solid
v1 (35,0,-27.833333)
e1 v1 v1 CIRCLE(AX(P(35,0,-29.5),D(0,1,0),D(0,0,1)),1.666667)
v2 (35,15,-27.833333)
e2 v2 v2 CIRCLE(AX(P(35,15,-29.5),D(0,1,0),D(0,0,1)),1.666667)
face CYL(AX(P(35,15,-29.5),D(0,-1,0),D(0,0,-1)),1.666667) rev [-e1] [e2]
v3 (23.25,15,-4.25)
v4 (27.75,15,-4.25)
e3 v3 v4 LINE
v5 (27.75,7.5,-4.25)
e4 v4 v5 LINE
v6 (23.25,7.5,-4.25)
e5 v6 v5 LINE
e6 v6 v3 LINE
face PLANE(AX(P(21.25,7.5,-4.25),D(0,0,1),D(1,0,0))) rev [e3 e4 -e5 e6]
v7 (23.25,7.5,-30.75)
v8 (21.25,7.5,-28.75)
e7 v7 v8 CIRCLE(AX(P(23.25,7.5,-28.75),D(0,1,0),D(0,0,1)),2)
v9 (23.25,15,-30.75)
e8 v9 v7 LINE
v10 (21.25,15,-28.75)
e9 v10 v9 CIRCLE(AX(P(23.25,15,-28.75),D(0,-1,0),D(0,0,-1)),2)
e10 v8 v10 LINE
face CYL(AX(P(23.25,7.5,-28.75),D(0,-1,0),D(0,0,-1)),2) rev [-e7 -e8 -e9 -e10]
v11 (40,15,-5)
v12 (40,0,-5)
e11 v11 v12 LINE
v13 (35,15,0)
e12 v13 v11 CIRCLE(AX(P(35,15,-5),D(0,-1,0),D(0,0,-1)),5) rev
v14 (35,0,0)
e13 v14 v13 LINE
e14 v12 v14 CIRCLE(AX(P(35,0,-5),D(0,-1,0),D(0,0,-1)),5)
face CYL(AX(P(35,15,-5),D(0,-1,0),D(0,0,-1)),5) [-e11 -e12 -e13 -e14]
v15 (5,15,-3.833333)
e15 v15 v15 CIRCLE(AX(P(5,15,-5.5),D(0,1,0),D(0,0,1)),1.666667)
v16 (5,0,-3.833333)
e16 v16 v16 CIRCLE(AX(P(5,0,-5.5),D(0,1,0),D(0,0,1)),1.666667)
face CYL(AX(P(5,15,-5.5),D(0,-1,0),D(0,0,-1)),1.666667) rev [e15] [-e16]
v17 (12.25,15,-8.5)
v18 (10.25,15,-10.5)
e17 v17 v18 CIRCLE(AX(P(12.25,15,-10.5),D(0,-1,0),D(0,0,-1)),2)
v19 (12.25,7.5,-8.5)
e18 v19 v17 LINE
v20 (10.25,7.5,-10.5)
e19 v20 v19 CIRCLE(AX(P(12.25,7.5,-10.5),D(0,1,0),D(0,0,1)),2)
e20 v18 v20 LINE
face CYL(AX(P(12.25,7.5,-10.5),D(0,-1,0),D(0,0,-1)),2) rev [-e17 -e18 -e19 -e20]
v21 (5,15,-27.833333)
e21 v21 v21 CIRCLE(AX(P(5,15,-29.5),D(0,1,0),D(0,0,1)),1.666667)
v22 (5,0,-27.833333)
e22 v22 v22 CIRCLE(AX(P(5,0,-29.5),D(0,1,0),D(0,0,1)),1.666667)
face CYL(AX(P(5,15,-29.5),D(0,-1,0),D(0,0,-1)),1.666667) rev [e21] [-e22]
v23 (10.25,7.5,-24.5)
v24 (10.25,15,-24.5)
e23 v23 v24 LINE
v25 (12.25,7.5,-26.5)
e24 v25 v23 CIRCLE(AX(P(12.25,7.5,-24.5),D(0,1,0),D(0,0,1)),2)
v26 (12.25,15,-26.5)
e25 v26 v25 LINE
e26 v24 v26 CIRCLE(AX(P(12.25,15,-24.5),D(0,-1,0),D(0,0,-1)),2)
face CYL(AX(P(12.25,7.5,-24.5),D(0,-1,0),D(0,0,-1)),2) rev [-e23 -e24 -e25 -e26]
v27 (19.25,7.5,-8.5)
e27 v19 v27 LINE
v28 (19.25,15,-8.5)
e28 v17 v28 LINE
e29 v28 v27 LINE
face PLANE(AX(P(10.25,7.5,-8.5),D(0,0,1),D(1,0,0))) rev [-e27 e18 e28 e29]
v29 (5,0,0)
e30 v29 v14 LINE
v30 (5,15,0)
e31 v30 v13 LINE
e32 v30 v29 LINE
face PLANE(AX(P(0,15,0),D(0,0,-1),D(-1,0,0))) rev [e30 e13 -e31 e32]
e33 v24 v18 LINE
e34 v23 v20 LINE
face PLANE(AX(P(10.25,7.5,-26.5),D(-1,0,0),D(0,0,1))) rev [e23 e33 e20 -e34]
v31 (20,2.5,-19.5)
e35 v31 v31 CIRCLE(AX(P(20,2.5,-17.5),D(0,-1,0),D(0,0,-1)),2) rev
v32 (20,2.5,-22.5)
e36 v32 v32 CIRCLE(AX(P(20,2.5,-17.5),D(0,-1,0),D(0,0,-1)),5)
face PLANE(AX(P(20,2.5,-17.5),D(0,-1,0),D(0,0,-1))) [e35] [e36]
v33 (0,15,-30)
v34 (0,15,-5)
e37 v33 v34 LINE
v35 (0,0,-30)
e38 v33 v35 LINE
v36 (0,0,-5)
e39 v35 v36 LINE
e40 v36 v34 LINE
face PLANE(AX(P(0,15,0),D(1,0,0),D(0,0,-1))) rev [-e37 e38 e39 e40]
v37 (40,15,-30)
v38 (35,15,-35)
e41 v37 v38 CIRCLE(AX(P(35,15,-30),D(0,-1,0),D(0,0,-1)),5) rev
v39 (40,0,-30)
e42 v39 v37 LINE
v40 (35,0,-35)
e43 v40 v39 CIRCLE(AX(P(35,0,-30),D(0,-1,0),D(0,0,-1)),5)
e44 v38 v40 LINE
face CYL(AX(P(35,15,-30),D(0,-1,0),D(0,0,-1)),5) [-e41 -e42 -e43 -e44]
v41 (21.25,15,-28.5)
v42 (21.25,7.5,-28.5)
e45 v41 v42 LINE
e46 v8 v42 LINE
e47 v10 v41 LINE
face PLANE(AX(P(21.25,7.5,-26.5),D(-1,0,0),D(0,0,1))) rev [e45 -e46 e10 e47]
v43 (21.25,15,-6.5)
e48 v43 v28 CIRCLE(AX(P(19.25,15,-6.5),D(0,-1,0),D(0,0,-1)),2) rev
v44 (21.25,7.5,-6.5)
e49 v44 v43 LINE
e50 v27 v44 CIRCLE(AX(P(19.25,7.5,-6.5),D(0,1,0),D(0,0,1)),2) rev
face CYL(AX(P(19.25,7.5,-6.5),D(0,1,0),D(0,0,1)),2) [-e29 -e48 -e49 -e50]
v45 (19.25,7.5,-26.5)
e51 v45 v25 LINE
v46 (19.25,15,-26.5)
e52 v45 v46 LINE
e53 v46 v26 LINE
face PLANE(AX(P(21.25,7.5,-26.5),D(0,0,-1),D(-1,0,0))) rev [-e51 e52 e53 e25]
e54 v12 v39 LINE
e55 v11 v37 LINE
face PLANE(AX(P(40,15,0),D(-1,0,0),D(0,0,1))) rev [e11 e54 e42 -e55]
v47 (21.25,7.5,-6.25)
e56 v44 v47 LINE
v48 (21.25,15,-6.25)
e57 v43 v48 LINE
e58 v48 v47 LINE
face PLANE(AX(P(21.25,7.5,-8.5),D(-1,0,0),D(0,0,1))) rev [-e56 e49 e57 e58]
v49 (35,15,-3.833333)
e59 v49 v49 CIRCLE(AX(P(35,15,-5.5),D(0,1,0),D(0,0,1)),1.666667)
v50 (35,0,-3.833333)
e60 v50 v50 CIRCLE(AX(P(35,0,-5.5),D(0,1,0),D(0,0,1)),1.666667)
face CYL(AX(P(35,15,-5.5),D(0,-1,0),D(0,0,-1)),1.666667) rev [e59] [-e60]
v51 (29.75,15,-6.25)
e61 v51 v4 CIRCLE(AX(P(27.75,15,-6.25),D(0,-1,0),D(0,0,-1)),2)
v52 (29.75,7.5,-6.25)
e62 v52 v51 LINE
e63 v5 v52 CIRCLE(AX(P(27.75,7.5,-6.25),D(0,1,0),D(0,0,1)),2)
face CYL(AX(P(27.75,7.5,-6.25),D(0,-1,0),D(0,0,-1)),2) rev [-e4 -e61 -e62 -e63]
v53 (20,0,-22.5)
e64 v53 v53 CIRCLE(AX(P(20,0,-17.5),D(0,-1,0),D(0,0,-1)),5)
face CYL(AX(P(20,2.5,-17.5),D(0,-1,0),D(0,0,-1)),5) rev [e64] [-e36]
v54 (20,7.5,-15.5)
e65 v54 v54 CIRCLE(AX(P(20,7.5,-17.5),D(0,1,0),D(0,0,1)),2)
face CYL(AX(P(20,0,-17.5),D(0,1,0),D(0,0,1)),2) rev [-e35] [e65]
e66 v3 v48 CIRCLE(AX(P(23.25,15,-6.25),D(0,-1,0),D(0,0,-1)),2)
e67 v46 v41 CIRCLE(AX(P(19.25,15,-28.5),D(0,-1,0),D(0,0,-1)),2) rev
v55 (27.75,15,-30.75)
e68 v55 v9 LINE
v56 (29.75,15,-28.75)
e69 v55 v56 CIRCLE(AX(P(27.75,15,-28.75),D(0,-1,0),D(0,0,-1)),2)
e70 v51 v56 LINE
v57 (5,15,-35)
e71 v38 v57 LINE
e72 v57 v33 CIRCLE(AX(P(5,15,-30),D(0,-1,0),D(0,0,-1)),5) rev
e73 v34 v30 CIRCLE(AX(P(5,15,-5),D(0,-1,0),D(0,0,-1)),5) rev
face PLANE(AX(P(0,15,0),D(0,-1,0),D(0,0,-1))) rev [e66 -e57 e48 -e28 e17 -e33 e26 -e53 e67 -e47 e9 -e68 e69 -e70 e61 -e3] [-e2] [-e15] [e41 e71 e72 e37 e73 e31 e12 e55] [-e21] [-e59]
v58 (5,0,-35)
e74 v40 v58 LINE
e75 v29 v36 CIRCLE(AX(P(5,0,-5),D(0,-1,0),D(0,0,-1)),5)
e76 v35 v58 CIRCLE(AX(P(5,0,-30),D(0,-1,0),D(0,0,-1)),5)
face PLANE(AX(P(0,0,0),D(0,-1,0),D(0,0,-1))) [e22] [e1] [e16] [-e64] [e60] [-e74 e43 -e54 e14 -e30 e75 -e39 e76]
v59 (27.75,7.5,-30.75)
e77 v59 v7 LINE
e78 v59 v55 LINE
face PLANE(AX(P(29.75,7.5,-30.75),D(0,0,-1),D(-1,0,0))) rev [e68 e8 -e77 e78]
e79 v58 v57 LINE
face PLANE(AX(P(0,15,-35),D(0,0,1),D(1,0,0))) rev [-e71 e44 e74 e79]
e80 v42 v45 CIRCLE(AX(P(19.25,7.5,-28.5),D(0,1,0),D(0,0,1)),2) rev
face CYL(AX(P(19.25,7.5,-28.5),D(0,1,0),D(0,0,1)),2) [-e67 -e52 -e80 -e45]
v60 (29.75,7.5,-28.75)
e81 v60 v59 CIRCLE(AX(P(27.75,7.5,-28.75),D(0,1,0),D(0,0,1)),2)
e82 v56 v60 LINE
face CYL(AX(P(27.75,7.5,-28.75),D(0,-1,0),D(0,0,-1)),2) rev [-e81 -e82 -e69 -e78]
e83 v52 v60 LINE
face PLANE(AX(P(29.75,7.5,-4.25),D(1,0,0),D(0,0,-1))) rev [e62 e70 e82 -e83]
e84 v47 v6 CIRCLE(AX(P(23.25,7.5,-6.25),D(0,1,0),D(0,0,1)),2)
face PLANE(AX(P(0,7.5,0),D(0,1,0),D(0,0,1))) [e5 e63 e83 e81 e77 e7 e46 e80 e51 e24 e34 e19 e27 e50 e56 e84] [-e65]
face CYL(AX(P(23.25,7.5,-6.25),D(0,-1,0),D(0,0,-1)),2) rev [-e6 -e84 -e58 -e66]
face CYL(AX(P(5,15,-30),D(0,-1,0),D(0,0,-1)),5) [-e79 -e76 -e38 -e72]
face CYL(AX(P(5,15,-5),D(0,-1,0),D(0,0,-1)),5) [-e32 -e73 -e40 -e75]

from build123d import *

# Parameters (mm, degrees)
SKETCH1_W           = 40
SKETCH1_H           = 35
SKETCH1_R           = 1.666666667
BOSS_EXTRUDE1_DEPTH = 15
FILLET1_R           = 5
CUT_EXTRUDE1_DEPTH  = 7.5
FILLET2_R           = 2
SKETCH5_R           = 2
CUT_EXTRUDE2_DEPTH  = 7.5
SKETCH6_R           = 5
CUT_EXTRUDE3_DEPTH  = 2.5


with BuildPart() as part:
    # Sketch1 → Boss-Extrude1 (new body)
    with BuildSketch(Plane(origin=(0, 0, 0), x_dir=(1, 0, 0), z_dir=(0, 1, 0))):
        with Locations((20, 17.5)):
            Rectangle(SKETCH1_W, SKETCH1_H)
        with Locations(Location((5, 29.5, 0), (0, 0, 270))):
            Circle(SKETCH1_R, mode=Mode.SUBTRACT)
        with Locations(Location((35, 29.5, 0), (0, 0, 270))):
            Circle(SKETCH1_R, mode=Mode.SUBTRACT)
        with Locations(Location((5, 5.5, 0), (0, 0, 270))):
            Circle(SKETCH1_R, mode=Mode.SUBTRACT)
        with Locations(Location((35, 5.5, 0), (0, 0, 270))):
            Circle(SKETCH1_R, mode=Mode.SUBTRACT)
    extrude(amount=BOSS_EXTRUDE1_DEPTH)

    # Fillet1
    fillet1_edges = [part.edges().sort_by_distance(p)[0] for p in [
        (0, 7.5, -35),
        (40, 7.5, -35),
        (40, 7.5, 0),
        (0, 7.5, 0),
    ]]
    fillet(fillet1_edges, radius=FILLET1_R)

    # Sketch4 → Cut-Extrude1 (cut)
    with BuildSketch(Plane(origin=(0, 15, 0), x_dir=(1, 0, 0), z_dir=(0, 1, 0))):
        Polygon((29.75, 30.75), (21.25, 30.75), (21.25, 26.5), (10.25, 26.5), (10.25, 8.5), (21.25, 8.5), (21.25, 4.25), (29.75, 4.25), align=None)
    extrude(amount=-CUT_EXTRUDE1_DEPTH, mode=Mode.SUBTRACT)

    # Fillet2
    fillet2_edges = [part.edges().sort_by_distance(p)[0] for p in [
        (21.25, 11.25, -26.5),
        (21.25, 11.25, -30.75),
        (29.75, 11.25, -30.75),
        (29.75, 11.25, -4.25),
        (21.25, 11.25, -4.25),
        (21.25, 11.25, -8.5),
        (10.25, 11.25, -8.5),
        (10.25, 11.25, -26.5),
    ]]
    fillet(fillet2_edges, radius=FILLET2_R)

    # Sketch5 → Cut-Extrude2 (cut)
    with BuildSketch(Plane(origin=(0, 7.5, 0), x_dir=(1, 0, 0), z_dir=(0, 1, 0))):
        with Locations(Location((20, 17.5, 0), (0, 0, 270))):
            Circle(SKETCH5_R)
    extrude(amount=-CUT_EXTRUDE2_DEPTH, mode=Mode.SUBTRACT)

    # Sketch6 → Cut-Extrude3 (cut)
    with BuildSketch(Plane.XZ):
        with Locations(Location((20, -17.5, 0), (0, 0, 270))):
            Circle(SKETCH6_R)
    extrude(amount=-CUT_EXTRUDE3_DEPTH, mode=Mode.SUBTRACT)


solid = part.part
